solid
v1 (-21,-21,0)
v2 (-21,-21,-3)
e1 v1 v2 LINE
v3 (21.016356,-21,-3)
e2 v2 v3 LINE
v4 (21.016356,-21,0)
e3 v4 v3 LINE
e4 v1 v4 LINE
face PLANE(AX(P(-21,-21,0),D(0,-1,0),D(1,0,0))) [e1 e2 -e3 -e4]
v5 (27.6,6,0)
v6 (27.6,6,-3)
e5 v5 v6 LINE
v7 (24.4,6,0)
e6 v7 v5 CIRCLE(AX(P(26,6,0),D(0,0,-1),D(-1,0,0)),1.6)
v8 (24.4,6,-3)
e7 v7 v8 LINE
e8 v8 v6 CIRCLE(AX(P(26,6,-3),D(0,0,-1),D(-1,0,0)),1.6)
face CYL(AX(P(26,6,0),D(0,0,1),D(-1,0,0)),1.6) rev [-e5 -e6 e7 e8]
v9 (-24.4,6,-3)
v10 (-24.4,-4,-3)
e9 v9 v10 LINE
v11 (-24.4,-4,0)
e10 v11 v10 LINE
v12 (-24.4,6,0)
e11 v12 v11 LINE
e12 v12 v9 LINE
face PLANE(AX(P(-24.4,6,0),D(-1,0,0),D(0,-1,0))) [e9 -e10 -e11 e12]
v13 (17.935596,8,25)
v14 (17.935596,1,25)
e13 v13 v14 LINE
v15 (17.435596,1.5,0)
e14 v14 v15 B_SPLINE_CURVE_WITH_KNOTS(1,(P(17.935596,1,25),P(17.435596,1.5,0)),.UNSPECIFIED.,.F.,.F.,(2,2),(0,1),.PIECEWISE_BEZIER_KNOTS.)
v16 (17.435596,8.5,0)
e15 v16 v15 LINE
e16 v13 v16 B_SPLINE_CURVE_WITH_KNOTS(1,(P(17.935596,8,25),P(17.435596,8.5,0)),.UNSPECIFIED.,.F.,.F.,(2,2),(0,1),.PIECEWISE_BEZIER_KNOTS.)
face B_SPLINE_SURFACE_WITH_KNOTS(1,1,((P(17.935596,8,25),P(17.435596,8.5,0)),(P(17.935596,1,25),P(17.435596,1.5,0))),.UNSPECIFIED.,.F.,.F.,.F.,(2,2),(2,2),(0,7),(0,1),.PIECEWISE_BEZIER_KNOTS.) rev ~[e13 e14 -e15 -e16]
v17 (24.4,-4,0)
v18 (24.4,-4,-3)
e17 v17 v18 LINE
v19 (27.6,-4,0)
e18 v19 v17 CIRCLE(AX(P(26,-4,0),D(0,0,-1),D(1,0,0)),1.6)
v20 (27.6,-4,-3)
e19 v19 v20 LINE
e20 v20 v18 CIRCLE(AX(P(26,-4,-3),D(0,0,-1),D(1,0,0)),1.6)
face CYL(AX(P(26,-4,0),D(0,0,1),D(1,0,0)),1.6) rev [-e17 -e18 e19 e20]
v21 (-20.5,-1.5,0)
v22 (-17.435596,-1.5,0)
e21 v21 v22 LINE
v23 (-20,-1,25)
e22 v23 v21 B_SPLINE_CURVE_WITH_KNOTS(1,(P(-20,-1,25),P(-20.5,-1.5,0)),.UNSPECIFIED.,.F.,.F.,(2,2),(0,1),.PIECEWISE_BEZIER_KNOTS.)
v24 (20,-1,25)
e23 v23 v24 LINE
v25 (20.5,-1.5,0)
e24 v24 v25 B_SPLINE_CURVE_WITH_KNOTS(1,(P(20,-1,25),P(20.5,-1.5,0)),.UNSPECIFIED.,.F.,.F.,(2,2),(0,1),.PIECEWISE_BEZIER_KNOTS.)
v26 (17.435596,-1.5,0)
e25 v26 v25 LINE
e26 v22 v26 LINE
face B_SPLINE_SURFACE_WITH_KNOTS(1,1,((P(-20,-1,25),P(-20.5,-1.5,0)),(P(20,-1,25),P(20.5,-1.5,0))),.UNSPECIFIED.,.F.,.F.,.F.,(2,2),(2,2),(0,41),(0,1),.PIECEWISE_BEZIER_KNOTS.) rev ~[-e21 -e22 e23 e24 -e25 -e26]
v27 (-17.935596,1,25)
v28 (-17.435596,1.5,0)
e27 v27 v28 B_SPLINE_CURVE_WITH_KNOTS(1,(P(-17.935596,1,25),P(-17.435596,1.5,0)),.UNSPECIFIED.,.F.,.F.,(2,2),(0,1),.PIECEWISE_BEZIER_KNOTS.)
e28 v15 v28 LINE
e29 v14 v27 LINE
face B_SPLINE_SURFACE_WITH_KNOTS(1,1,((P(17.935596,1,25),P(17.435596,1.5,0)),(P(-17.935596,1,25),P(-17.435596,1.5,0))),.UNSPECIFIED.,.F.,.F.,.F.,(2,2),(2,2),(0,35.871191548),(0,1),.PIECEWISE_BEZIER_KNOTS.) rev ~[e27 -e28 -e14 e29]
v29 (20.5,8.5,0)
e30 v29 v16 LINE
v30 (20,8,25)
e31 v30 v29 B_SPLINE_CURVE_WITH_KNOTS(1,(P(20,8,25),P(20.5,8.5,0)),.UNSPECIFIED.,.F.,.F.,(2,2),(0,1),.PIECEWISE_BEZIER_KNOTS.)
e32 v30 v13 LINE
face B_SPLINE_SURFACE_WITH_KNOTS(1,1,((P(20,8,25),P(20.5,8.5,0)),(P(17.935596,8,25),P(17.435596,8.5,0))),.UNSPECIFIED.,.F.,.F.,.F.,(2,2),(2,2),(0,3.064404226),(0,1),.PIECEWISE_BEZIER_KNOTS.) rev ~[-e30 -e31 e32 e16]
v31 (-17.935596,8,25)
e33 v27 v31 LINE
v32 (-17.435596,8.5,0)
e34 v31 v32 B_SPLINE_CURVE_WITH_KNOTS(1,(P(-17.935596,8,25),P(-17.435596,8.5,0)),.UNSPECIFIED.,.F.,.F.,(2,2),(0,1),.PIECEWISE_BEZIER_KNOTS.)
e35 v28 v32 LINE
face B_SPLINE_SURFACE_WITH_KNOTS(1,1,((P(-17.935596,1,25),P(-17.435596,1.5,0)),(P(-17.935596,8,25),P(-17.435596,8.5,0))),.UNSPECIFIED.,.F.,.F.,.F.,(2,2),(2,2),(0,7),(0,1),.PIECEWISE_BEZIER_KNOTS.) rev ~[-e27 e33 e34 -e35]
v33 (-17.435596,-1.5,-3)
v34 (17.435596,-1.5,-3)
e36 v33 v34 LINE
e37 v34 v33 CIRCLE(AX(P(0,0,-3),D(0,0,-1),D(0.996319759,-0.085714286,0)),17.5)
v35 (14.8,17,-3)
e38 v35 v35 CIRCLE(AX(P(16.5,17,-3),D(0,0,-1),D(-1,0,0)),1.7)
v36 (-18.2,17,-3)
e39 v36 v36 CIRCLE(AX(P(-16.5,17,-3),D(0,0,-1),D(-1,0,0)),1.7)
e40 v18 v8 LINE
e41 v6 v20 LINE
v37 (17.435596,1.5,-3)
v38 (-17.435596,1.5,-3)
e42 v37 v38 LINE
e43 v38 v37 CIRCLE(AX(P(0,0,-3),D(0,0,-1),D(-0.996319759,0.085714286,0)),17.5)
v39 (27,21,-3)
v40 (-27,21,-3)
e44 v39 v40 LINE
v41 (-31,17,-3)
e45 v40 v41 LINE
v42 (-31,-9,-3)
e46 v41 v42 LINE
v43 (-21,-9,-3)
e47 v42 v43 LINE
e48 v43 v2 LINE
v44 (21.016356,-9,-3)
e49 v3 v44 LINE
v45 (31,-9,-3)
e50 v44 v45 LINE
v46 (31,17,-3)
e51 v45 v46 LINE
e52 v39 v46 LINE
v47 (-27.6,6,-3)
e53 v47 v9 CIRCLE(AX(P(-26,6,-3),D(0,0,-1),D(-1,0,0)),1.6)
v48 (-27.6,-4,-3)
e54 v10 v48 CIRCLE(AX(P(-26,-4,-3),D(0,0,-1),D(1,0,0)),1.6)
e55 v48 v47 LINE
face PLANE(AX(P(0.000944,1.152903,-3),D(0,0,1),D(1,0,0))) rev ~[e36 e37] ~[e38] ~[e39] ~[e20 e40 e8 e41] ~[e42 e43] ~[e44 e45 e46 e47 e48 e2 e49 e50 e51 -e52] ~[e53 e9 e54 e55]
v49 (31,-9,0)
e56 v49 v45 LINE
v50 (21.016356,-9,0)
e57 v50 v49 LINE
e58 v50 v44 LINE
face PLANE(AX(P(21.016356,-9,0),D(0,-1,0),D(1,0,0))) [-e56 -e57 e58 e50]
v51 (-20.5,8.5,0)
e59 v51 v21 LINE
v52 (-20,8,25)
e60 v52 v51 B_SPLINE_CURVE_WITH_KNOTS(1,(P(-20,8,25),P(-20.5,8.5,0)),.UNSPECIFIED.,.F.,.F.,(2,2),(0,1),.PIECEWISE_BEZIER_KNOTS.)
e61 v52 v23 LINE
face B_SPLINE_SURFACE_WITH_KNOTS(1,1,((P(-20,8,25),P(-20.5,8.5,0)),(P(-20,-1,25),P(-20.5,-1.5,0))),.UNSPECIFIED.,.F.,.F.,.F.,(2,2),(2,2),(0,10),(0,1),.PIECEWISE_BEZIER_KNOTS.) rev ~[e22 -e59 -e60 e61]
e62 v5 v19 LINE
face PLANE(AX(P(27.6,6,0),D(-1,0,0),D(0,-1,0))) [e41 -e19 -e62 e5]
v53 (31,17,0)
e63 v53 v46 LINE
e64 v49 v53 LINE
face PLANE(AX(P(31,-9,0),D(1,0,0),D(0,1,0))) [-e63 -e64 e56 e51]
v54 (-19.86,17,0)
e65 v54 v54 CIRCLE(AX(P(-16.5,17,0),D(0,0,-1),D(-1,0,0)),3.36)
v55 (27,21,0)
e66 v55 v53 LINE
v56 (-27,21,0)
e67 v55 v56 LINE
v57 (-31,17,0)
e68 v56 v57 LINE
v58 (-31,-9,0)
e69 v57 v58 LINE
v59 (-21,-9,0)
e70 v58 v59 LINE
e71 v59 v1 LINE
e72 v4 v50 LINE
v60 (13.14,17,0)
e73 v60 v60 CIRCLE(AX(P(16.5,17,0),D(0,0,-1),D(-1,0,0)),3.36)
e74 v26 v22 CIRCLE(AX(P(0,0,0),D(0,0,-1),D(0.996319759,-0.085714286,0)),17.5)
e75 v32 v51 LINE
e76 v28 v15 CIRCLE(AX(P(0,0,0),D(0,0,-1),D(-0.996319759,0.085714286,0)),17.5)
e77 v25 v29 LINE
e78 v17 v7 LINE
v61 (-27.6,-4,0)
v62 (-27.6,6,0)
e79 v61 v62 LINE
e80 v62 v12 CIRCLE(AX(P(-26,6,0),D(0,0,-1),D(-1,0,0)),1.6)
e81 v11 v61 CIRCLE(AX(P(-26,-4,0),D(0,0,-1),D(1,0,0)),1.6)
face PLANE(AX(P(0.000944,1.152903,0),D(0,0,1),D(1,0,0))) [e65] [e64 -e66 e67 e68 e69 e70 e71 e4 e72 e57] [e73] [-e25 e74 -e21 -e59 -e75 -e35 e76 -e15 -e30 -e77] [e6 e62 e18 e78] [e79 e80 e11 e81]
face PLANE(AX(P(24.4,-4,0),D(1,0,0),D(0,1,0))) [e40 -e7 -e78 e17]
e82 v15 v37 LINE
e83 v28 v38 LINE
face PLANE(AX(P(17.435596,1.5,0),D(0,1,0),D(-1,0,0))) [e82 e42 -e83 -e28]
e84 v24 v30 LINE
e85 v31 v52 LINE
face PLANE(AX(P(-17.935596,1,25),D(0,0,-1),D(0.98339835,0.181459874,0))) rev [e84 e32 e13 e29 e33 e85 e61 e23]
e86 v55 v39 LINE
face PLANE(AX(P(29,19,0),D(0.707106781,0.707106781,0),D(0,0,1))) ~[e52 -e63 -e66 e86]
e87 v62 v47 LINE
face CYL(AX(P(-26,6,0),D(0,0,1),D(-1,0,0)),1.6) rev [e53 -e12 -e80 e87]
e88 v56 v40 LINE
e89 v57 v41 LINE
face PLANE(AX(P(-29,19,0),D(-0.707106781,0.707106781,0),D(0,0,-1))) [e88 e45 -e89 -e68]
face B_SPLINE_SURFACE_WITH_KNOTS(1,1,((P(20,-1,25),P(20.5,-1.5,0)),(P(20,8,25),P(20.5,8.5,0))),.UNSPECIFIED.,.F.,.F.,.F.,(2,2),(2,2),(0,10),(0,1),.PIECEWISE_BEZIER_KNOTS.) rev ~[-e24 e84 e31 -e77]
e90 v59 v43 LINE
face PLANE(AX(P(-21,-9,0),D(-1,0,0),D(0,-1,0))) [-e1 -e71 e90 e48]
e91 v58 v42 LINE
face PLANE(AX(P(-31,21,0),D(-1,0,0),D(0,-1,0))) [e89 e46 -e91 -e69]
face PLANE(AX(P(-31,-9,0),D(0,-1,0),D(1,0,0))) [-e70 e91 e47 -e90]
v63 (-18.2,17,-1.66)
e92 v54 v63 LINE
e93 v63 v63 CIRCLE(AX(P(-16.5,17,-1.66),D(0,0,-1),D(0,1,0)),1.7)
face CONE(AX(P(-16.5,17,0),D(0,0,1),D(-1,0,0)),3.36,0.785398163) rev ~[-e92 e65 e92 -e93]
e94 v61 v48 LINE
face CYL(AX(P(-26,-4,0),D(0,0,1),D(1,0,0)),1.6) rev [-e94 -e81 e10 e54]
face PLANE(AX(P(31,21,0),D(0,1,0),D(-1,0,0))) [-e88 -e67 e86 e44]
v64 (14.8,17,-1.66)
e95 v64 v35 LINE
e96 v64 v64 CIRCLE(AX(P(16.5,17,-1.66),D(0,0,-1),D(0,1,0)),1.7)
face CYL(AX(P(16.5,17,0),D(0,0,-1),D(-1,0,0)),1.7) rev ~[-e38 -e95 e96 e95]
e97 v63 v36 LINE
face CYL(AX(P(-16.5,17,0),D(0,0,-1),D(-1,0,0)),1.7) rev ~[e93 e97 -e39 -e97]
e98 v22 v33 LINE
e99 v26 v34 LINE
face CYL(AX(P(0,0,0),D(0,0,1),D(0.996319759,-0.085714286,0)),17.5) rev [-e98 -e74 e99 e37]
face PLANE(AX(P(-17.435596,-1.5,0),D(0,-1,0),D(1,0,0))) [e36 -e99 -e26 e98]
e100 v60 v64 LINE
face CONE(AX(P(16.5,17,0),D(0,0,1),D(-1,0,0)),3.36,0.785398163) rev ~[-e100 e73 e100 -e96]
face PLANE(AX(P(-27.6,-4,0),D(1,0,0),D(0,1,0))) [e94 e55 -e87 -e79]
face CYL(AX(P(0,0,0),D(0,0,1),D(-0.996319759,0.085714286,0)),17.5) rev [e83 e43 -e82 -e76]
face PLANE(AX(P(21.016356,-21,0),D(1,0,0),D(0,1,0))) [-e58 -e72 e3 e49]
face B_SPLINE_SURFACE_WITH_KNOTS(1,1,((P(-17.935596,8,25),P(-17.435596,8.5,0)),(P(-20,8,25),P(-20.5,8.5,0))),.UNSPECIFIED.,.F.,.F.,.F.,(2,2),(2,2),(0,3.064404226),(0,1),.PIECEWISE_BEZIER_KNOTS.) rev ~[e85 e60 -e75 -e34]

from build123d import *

# Parameters (mm, degrees)
F1_DEPTH       = 3
F2_D           = 3.4
F2_CSINK_D     = 6.72
F2_CSINK_ANGLE = 90
F3_SIZE        = 4


with BuildPart() as f1:
    # F0 (on Top) → F1 (new body)
    with BuildSketch(Plane.XY):
        Polygon((31, 21), (-31, 21), (-31, -9), (-21, -9), (-21, -21), (21.0163556039, -21), (21.0163556039, -9), (31, -9), align=None)
        with BuildLine():
            ThreePointArc((17.4355957742, -1.5), (0, -17.5), (-17.4355957742, -1.5))
            Line((-17.4355957742, -1.5), (17.4355957742, -1.5))
        make_face(mode=Mode.SUBTRACT)
        with BuildLine():
            ThreePointArc((-24.4, -4), (-26, -5.6), (-27.6, -4))
            Line((-27.6, -4), (-27.6, 6))
            ThreePointArc((-27.6, 6), (-26, 7.6), (-24.4, 6))
            Line((-24.4, 6), (-24.4, -4))
        make_face(mode=Mode.SUBTRACT)
        with BuildLine():
            Line((17.4355957742, 1.5), (-17.4355957742, 1.5))
            ThreePointArc((-17.4355957742, 1.5), (0, 17.5), (17.4355957742, 1.5))
        make_face(mode=Mode.SUBTRACT)
        with BuildLine():
            ThreePointArc((27.6, -4), (26, -5.6), (24.4, -4))
            Line((24.4, -4), (24.4, 6))
            ThreePointArc((24.4, 6), (26, 7.6), (27.6, 6))
            Line((27.6, 6), (27.6, -4))
        make_face(mode=Mode.SUBTRACT)
    extrude(amount=-F1_DEPTH)

    # F2 (through all)
    with Locations(Plane.XY):
        with Locations((-16.5, 17), (16.5, 17)):
            CounterSinkHole(F2_D / 2, F2_CSINK_D / 2, counter_sink_angle=F2_CSINK_ANGLE)

    # F3
    f3_edges = [f1.edges().sort_by_distance(p)[0] for p in [
        (31, 21, -1.5),
        (-31, 21, -1.5),
    ]]
    chamfer(f3_edges, length=F3_SIZE)

    # F6 (on offset) → F7 section 0
    with BuildSketch(Plane.XY.offset(25)):
        Polygon((-17.9355957742, 1), (-17.9355957742, 8), (-20, 8), (-20, -1), (-17.4355957742, -1), (17.4355957742, -1), (20, -1), (20, 8), (17.9355957742, 8), (17.9355957742, 1), align=None)
    # F4 (on face) → F7 section 1
    with BuildSketch(Plane.XY):
        Polygon((17.4355957742, 1.5), (-17.4355957742, 1.5), (-17.4355957742, 8.5), (-20.5, 8.5), (-20.5, -1.5), (-17.4355957742, -1.5), (17.4355957742, -1.5), (20.5, -1.5), (20.5, 8.5), (17.4355957742, 8.5), align=None)
    loft()


solid = f1.part
